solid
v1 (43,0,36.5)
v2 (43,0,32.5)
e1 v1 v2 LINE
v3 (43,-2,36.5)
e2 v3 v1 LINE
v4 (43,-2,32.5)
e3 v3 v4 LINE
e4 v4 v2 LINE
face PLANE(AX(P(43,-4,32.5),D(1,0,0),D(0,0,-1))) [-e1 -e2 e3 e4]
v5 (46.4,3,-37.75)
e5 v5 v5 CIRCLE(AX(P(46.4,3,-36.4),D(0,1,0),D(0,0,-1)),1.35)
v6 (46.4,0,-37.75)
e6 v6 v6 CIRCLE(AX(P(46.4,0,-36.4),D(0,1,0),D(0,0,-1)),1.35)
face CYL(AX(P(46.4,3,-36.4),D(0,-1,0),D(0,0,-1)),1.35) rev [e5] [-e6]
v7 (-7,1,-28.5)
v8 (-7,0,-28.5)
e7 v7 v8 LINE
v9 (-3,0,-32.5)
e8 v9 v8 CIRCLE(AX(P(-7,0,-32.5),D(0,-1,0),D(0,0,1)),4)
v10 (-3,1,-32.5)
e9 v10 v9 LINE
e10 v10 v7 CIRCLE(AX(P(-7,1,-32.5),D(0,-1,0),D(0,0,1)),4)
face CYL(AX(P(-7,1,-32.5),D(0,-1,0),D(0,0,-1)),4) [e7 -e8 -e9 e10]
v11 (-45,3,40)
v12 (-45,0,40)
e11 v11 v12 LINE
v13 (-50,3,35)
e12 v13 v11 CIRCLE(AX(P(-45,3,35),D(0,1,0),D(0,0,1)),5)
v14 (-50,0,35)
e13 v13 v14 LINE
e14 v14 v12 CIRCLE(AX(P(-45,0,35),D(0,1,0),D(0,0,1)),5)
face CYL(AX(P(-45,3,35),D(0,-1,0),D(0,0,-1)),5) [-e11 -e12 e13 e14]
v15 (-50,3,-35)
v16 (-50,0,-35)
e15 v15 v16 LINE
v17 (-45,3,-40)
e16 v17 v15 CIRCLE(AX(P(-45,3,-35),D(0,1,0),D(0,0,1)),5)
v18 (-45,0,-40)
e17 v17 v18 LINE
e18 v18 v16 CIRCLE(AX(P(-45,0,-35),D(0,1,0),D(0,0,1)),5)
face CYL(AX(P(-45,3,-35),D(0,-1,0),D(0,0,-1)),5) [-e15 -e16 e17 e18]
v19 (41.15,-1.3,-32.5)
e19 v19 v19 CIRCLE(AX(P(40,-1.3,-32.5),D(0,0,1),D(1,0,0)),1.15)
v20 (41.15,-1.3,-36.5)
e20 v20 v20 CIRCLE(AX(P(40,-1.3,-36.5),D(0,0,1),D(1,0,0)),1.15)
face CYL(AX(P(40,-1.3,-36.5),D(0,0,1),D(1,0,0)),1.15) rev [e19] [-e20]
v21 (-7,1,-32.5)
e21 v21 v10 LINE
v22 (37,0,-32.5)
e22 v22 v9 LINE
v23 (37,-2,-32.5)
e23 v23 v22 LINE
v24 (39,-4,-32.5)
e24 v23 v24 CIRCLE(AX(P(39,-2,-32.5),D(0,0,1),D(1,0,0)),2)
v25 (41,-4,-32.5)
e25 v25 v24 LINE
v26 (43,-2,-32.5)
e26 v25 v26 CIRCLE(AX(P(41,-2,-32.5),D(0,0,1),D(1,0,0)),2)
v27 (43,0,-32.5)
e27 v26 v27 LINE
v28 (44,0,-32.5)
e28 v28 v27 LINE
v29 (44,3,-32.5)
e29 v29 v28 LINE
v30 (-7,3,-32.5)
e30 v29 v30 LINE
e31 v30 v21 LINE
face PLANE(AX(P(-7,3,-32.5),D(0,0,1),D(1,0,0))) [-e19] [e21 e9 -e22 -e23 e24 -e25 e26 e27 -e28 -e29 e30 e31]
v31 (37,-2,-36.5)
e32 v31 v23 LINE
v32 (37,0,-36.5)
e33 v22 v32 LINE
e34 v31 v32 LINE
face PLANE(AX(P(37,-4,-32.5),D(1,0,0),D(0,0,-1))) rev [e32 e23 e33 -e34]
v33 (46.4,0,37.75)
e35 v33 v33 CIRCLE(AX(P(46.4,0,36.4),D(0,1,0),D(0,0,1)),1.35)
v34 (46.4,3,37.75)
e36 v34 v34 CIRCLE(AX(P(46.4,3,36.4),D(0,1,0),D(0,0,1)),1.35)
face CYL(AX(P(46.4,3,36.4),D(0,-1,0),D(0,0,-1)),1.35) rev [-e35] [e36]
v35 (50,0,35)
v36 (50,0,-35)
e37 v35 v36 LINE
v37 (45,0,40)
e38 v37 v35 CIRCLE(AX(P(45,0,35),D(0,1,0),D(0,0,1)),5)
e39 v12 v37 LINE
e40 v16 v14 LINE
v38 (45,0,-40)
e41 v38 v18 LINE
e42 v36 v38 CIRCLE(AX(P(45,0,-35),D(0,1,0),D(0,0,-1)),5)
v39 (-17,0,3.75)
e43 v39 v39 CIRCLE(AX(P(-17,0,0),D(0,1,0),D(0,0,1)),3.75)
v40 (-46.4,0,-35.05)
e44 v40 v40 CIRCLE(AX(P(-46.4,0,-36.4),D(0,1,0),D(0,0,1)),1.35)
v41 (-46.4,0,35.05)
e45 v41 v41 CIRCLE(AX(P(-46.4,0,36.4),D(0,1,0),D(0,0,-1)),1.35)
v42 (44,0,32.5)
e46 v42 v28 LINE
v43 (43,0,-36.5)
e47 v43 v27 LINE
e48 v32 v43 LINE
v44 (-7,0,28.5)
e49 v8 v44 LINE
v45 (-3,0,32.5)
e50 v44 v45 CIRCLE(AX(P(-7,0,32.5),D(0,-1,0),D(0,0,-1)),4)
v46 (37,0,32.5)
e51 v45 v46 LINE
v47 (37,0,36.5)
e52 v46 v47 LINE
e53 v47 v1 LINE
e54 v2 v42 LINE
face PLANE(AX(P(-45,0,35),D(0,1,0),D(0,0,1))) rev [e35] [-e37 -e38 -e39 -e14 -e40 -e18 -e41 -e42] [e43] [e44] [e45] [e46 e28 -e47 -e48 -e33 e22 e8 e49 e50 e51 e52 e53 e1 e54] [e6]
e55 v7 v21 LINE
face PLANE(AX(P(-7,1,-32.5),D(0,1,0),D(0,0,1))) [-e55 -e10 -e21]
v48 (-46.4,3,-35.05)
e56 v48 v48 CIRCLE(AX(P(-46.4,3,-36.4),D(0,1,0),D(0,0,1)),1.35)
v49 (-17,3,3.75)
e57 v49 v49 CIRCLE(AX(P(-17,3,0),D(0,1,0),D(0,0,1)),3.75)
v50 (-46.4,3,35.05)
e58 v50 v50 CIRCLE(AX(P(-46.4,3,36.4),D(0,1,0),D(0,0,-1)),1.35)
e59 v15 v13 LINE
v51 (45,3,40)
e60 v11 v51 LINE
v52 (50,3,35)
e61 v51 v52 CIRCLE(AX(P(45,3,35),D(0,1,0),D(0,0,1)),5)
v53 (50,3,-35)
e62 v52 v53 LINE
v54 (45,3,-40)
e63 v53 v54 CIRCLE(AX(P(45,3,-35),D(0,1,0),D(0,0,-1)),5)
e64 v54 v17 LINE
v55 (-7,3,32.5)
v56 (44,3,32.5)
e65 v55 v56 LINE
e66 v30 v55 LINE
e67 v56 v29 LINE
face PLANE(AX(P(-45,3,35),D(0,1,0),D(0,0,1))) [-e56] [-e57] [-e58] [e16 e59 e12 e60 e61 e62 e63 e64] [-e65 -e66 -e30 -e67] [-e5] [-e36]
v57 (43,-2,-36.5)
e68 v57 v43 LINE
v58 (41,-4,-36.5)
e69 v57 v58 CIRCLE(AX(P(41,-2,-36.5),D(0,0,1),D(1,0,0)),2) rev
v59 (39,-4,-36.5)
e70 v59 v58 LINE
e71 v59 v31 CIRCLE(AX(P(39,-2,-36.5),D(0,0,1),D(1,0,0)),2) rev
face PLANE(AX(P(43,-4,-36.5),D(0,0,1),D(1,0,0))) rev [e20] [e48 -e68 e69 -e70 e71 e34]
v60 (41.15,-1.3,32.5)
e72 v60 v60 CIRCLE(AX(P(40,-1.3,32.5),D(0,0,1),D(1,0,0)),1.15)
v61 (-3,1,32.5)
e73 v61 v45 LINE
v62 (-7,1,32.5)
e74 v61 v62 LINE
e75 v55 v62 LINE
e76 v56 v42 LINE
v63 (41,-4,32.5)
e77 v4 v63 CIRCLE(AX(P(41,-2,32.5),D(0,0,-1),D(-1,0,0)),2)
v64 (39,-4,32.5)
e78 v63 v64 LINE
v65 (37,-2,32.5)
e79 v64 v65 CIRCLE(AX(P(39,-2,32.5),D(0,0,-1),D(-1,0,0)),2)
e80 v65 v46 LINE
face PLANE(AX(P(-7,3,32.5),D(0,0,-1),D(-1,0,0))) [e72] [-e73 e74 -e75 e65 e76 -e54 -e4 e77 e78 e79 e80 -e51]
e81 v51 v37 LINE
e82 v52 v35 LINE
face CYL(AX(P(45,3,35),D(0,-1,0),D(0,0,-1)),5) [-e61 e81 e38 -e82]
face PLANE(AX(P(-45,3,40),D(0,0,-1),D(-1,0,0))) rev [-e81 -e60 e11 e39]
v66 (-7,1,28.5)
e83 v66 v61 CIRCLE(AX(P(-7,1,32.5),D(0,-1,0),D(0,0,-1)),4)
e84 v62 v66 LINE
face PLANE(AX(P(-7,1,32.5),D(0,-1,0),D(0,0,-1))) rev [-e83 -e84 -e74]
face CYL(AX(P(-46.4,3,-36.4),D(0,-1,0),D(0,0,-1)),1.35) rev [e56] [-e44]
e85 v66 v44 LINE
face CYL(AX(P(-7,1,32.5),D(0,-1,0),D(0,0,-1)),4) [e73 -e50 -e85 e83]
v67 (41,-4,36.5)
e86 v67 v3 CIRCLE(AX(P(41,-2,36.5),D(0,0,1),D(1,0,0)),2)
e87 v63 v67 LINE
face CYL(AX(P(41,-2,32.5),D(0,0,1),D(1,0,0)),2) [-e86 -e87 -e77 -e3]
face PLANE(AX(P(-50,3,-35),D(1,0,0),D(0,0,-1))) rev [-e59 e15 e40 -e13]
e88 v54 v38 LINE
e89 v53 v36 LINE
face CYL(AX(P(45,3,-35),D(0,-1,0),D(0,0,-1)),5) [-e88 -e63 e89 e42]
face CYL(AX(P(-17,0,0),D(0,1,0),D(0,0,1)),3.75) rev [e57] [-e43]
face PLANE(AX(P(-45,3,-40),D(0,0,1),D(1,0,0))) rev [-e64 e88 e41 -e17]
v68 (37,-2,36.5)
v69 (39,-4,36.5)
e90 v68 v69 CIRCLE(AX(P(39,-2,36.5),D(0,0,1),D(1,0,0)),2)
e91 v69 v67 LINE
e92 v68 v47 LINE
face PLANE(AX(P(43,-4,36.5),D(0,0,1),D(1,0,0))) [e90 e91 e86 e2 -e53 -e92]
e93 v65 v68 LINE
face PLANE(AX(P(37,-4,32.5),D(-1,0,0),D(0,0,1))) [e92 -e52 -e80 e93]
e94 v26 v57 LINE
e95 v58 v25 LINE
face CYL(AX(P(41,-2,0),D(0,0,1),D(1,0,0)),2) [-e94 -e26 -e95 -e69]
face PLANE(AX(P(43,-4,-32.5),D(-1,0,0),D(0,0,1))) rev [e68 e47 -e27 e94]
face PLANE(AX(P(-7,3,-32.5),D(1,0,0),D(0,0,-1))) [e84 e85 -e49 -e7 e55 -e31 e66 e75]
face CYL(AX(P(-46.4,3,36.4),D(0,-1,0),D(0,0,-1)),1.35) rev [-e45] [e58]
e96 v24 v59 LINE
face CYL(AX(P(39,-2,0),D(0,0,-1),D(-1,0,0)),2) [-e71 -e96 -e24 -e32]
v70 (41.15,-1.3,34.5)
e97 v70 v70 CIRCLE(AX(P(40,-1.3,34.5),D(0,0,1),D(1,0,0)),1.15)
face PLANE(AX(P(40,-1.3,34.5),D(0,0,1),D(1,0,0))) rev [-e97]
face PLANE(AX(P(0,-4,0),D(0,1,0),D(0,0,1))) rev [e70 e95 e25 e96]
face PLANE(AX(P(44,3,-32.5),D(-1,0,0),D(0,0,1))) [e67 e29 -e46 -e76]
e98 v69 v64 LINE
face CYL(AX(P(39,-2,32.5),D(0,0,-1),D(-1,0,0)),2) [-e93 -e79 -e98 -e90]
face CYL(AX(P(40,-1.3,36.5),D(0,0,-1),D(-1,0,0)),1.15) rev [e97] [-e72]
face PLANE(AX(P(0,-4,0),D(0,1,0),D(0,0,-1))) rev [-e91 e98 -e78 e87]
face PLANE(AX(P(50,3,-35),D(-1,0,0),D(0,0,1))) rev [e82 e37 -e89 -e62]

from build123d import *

# Parameters (mm, degrees)
SKETCH_1_R             = 1.35
SKETCH_1_W             = 51
SKETCH_1_H             = 65
EXTRUDE_1_DEPTH        = 3
SKETCH_2_W             = 6
SKETCH_2_H             = 4
EXTRUDE_2_DEPTH        = 4
SKETCH_4_R             = 1.15
CUT_EXTRUDE_2_DEPTH    = 4
FILLET_2_R             = 2
FILLET_2_OF_MIRROR_1_R = 2
SKETCH_5_R             = 3.75
CUT_EXTRUDE_3_DEPTH    = 3
EXTRUDE_3_DEPTH        = 1
SKETCH_7_R             = 1.15
EXTRUDE_4_DEPTH        = 2


with BuildPart() as part:
    # 草图1 → 凸台-拉伸1 (new body)
    with BuildSketch(Plane(origin=(0, 0, 0), x_dir=(1, 0, 0), z_dir=(0, 1, 0))):
        with BuildLine():
            Line((-45, 40), (45, 40))
            ThreePointArc((45, 40), (48.535533906, 38.535533906), (50, 35))
            Line((50, 35), (50, -35))
            ThreePointArc((50, -35), (48.535533906, -38.535533906), (45, -40))
            Line((45, -40), (-45, -40))
            ThreePointArc((-45, -40), (-48.535533906, -38.535533906), (-50, -35))
            Line((-50, -35), (-50, 35))
            ThreePointArc((-50, 35), (-48.535533906, 38.535533906), (-45, 40))
        make_face()
        with Locations((-46.4, 36.4)):
            Circle(SKETCH_1_R, mode=Mode.SUBTRACT)
        with Locations((46.4, 36.4)):
            Circle(SKETCH_1_R, mode=Mode.SUBTRACT)
        with Locations((46.4, -36.4)):
            Circle(SKETCH_1_R, mode=Mode.SUBTRACT)
        with Locations((-46.4, -36.4)):
            Circle(SKETCH_1_R, mode=Mode.SUBTRACT)
        with Locations((18.5, 0)):
            Rectangle(SKETCH_1_W, SKETCH_1_H, mode=Mode.SUBTRACT)
    extrude(amount=EXTRUDE_1_DEPTH)

    # 草图2 → 凸台-拉伸2 (add)
    with BuildSketch(Plane(origin=(0, 0, 0), x_dir=(-1, 0, 0), z_dir=(0, -1, 0))):
        with Locations((-40, 34.5)):
            Rectangle(SKETCH_2_W, SKETCH_2_H)
    extrude_2 = extrude(amount=EXTRUDE_2_DEPTH)

    # 草图4 → 切除-拉伸2 (cut)
    with BuildSketch(Plane.XY.offset(-32.5)):
        with Locations((40, -1.3)):
            Circle(SKETCH_4_R)
    cut_extrude_2 = extrude(amount=-CUT_EXTRUDE_2_DEPTH, mode=Mode.SUBTRACT)

    # 圆角2
    fillet_2_edges = [part.edges().sort_by_distance(p)[0] for p in [
        (43, -4, -34.5),
        (37, -4, -34.5),
    ]]
    fillet(fillet_2_edges, radius=FILLET_2_R)

    # 镜向1: 凸台-拉伸2, 切除-拉伸2 across plane
    add(extrude_2.mirror(Plane.XY))
    add(cut_extrude_2.mirror(Plane.XY), mode=Mode.SUBTRACT)

    # 圆角2 of 镜向1
    fillet_2_of_mirror_1_edges = [part.edges().sort_by_distance(p)[0] for p in [
        (43, -4, 34.5),
        (37, -4, 34.5),
    ]]
    fillet(fillet_2_of_mirror_1_edges, radius=FILLET_2_OF_MIRROR_1_R)

    # 草图5 → 切除-拉伸3 (cut)
    with BuildSketch(Plane(origin=(0, 3, 0), x_dir=(1, 0, 0), z_dir=(0, 1, 0))):
        with Locations((-17, 0)):
            Circle(SKETCH_5_R)
    extrude(amount=-CUT_EXTRUDE_3_DEPTH, mode=Mode.SUBTRACT)

    # 草图6 → 凸台-拉伸3 (add)
    with BuildSketch(Plane.XZ):
        with BuildLine():
            Line((-7, -28.5), (-7, -32.5))
            Line((-7, -32.5), (-3, -32.5))
            ThreePointArc((-3, -32.5), (-4.171572875, -29.671572875), (-7, -28.5))
        make_face()
        with BuildLine():
            Line((-7, 28.5), (-7, 32.5))
            Line((-7, 32.5), (-3, 32.5))
            ThreePointArc((-3, 32.5), (-4.171572875, 29.671572875), (-7, 28.5))
        make_face()
    extrude(amount=-EXTRUDE_3_DEPTH)

    # 草图7 → 凸台-拉伸4 (add)
    with BuildSketch(Plane.XY.offset(36.5)):
        with Locations((40, -1.3)):
            Circle(SKETCH_7_R)
    extrude(amount=-EXTRUDE_4_DEPTH)


solid = part.part
